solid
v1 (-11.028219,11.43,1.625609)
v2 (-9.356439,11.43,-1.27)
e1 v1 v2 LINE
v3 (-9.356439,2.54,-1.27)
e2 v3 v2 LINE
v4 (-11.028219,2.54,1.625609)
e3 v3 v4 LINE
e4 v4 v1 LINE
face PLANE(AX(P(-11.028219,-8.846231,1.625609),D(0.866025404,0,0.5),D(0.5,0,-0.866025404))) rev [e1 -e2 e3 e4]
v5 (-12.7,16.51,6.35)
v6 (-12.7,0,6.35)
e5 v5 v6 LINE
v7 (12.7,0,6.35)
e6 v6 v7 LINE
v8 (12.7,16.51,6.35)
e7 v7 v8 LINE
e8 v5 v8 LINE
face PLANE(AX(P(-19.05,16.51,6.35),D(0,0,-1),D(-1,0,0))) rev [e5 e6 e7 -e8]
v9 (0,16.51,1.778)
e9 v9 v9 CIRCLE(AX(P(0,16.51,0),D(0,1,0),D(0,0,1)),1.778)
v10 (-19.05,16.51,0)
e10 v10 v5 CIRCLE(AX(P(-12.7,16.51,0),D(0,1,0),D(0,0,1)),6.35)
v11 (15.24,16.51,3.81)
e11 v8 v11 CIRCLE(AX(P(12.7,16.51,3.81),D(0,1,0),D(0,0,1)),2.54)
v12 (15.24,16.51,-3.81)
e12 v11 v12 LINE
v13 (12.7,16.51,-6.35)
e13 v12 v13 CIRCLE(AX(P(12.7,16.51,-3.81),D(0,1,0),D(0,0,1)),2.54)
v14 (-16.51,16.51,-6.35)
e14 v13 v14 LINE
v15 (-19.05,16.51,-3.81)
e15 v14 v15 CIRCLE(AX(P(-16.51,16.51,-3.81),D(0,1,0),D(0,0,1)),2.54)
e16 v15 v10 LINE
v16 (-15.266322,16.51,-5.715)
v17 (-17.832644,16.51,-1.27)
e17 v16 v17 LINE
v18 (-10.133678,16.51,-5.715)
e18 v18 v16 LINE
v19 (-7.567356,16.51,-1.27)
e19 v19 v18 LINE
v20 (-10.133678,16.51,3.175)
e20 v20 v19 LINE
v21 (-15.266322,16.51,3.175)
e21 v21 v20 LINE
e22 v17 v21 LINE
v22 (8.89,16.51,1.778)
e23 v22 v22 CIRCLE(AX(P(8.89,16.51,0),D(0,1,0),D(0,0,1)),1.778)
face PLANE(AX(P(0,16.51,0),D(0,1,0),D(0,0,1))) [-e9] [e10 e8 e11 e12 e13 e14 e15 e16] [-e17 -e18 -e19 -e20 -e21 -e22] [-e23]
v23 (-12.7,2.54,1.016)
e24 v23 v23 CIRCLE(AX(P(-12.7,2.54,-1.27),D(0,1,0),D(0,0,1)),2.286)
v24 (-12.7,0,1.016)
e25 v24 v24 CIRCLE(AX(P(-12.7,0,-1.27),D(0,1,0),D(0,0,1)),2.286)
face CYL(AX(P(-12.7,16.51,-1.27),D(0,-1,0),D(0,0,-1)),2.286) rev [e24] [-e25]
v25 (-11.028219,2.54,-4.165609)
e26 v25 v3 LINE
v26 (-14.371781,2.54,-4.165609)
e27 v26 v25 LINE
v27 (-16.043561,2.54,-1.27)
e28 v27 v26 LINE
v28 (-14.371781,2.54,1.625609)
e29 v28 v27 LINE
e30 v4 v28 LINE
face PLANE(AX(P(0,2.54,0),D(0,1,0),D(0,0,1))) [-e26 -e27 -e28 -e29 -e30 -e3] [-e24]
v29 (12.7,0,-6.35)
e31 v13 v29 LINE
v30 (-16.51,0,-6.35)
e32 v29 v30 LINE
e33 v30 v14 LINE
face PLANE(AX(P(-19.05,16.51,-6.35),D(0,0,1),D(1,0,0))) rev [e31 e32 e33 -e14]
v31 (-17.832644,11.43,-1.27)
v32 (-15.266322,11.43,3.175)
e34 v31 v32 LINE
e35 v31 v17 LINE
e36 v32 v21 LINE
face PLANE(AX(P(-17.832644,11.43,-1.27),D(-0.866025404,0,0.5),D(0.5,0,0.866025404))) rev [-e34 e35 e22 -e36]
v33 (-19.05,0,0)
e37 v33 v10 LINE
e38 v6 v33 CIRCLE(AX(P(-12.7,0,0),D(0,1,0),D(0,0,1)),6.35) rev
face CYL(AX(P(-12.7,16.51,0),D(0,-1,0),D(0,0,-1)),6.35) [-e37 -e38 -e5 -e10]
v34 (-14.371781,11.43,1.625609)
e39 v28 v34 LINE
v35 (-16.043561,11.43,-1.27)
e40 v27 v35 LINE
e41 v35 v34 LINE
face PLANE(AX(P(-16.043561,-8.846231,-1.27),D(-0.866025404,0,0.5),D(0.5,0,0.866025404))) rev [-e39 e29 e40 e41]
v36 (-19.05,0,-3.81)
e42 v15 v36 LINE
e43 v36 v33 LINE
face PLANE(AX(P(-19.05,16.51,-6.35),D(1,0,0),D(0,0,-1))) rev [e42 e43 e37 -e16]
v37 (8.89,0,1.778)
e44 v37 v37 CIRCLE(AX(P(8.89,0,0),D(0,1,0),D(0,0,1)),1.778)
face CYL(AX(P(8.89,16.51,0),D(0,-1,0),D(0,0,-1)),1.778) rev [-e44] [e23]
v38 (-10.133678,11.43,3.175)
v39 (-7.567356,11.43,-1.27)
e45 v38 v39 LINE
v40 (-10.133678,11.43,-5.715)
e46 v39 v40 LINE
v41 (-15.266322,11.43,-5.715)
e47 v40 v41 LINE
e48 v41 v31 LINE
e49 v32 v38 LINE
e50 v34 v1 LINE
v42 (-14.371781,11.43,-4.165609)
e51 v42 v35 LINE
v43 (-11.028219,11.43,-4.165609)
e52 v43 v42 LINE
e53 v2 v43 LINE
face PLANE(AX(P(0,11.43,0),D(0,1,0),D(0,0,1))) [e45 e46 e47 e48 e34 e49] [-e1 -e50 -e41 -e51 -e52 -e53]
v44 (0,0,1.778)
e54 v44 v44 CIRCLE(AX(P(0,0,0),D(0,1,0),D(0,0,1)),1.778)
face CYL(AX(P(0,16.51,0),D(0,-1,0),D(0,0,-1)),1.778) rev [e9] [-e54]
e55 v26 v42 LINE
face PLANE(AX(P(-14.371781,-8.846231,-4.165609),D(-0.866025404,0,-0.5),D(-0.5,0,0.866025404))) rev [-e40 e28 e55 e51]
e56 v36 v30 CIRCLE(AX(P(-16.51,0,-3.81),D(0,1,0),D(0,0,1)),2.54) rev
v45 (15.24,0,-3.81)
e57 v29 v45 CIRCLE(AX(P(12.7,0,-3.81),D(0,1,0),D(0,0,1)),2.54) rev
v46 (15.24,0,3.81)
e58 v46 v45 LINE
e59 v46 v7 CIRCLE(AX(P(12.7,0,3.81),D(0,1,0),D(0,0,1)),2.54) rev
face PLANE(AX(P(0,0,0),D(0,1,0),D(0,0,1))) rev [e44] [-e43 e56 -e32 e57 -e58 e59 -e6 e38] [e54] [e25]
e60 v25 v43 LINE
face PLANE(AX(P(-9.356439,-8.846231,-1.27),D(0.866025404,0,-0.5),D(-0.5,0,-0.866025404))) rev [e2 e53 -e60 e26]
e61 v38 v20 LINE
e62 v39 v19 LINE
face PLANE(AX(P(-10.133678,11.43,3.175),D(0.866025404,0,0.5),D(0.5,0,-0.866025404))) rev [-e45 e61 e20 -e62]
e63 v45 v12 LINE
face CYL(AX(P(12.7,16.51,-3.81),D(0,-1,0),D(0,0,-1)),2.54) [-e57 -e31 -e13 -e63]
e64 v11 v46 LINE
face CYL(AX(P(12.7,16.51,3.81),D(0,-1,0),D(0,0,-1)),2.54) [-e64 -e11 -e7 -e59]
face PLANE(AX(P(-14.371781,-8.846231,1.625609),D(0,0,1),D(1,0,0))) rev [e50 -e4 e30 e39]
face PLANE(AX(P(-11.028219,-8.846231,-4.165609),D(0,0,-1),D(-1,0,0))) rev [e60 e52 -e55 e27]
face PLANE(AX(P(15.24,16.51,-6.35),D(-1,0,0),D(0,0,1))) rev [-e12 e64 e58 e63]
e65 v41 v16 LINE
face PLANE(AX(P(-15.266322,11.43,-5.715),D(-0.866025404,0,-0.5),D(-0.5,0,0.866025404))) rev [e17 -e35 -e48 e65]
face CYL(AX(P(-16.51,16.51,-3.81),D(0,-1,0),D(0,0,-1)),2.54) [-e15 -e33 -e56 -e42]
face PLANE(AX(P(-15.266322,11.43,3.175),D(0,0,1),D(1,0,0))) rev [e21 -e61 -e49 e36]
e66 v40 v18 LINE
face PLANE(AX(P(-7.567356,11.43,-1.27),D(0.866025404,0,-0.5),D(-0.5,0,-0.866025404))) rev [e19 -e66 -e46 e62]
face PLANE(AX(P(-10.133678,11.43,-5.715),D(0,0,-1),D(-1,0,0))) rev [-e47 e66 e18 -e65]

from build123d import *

# Parameters (mm, degrees)
SKETCH1_W           = 34.29
SKETCH1_H           = 12.7
SKETCH1_R           = 2.286
SKETCH1_R_2         = 1.778
BOSS_EXTRUDE1_DEPTH = 16.51
FILLET1_R           = 2.54
FILLET2_R           = 6.35
CUT_EXTRUDE2_DEPTH  = 5.08
CUT_EXTRUDE3_DEPTH  = 8.89


with BuildPart() as part:
    # Sketch1 → Boss-Extrude1 (new body)
    with BuildSketch(Plane(origin=(0, 0, 0), x_dir=(1, 0, 0), z_dir=(0, 1, 0))):
        with Locations((-1.905, 0)):
            Rectangle(SKETCH1_W, SKETCH1_H)
        with Locations(Location((-12.7, 1.27, 0), (0, 0, 270))):
            Circle(SKETCH1_R, mode=Mode.SUBTRACT)
        with Locations(Location((0, 0, 0), (0, 0, 270))):
            Circle(SKETCH1_R_2, mode=Mode.SUBTRACT)
        with Locations(Location((8.89, 0, 0), (0, 0, 270))):
            Circle(SKETCH1_R_2, mode=Mode.SUBTRACT)
    extrude(amount=BOSS_EXTRUDE1_DEPTH)

    # Fillet1
    fillet1_edges = [part.edges().sort_by_distance(p)[0] for p in [
        (-19.05, 8.255, -6.35),
        (15.24, 8.255, -6.35),
        (15.24, 8.255, 6.35),
    ]]
    fillet(fillet1_edges, radius=FILLET1_R)

    # Fillet2
    fillet2_edges = [part.edges().sort_by_distance(p)[0] for p in [
        (-19.05, 8.255, 6.35),
    ]]
    fillet(fillet2_edges, radius=FILLET2_R)

    # Sketch4 → Cut-Extrude2 (cut)
    with BuildSketch(Plane(origin=(0, 16.51, 0), x_dir=(1, 0, 0), z_dir=(0, 1, 0))):
        Polygon((-7.567356107, 1.27), (-10.133678053, 5.715), (-15.266321947, 5.715), (-17.832643893, 1.27), (-15.266321947, -3.175), (-10.133678053, -3.175), align=None)
    extrude(amount=-CUT_EXTRUDE2_DEPTH, mode=Mode.SUBTRACT)

    # Sketch5 → Cut-Extrude3 (cut)
    with BuildSketch(Plane(origin=(0, 11.43, 0), x_dir=(1, 0, 0), z_dir=(0, 1, 0))):
        Polygon((-9.356438934, 1.27), (-11.028219467, 4.165608823), (-14.371780533, 4.165608823), (-16.043561066, 1.27), (-14.371780533, -1.625608823), (-11.028219467, -1.625608823), align=None)
    extrude(amount=-CUT_EXTRUDE3_DEPTH, mode=Mode.SUBTRACT)


solid = part.part
